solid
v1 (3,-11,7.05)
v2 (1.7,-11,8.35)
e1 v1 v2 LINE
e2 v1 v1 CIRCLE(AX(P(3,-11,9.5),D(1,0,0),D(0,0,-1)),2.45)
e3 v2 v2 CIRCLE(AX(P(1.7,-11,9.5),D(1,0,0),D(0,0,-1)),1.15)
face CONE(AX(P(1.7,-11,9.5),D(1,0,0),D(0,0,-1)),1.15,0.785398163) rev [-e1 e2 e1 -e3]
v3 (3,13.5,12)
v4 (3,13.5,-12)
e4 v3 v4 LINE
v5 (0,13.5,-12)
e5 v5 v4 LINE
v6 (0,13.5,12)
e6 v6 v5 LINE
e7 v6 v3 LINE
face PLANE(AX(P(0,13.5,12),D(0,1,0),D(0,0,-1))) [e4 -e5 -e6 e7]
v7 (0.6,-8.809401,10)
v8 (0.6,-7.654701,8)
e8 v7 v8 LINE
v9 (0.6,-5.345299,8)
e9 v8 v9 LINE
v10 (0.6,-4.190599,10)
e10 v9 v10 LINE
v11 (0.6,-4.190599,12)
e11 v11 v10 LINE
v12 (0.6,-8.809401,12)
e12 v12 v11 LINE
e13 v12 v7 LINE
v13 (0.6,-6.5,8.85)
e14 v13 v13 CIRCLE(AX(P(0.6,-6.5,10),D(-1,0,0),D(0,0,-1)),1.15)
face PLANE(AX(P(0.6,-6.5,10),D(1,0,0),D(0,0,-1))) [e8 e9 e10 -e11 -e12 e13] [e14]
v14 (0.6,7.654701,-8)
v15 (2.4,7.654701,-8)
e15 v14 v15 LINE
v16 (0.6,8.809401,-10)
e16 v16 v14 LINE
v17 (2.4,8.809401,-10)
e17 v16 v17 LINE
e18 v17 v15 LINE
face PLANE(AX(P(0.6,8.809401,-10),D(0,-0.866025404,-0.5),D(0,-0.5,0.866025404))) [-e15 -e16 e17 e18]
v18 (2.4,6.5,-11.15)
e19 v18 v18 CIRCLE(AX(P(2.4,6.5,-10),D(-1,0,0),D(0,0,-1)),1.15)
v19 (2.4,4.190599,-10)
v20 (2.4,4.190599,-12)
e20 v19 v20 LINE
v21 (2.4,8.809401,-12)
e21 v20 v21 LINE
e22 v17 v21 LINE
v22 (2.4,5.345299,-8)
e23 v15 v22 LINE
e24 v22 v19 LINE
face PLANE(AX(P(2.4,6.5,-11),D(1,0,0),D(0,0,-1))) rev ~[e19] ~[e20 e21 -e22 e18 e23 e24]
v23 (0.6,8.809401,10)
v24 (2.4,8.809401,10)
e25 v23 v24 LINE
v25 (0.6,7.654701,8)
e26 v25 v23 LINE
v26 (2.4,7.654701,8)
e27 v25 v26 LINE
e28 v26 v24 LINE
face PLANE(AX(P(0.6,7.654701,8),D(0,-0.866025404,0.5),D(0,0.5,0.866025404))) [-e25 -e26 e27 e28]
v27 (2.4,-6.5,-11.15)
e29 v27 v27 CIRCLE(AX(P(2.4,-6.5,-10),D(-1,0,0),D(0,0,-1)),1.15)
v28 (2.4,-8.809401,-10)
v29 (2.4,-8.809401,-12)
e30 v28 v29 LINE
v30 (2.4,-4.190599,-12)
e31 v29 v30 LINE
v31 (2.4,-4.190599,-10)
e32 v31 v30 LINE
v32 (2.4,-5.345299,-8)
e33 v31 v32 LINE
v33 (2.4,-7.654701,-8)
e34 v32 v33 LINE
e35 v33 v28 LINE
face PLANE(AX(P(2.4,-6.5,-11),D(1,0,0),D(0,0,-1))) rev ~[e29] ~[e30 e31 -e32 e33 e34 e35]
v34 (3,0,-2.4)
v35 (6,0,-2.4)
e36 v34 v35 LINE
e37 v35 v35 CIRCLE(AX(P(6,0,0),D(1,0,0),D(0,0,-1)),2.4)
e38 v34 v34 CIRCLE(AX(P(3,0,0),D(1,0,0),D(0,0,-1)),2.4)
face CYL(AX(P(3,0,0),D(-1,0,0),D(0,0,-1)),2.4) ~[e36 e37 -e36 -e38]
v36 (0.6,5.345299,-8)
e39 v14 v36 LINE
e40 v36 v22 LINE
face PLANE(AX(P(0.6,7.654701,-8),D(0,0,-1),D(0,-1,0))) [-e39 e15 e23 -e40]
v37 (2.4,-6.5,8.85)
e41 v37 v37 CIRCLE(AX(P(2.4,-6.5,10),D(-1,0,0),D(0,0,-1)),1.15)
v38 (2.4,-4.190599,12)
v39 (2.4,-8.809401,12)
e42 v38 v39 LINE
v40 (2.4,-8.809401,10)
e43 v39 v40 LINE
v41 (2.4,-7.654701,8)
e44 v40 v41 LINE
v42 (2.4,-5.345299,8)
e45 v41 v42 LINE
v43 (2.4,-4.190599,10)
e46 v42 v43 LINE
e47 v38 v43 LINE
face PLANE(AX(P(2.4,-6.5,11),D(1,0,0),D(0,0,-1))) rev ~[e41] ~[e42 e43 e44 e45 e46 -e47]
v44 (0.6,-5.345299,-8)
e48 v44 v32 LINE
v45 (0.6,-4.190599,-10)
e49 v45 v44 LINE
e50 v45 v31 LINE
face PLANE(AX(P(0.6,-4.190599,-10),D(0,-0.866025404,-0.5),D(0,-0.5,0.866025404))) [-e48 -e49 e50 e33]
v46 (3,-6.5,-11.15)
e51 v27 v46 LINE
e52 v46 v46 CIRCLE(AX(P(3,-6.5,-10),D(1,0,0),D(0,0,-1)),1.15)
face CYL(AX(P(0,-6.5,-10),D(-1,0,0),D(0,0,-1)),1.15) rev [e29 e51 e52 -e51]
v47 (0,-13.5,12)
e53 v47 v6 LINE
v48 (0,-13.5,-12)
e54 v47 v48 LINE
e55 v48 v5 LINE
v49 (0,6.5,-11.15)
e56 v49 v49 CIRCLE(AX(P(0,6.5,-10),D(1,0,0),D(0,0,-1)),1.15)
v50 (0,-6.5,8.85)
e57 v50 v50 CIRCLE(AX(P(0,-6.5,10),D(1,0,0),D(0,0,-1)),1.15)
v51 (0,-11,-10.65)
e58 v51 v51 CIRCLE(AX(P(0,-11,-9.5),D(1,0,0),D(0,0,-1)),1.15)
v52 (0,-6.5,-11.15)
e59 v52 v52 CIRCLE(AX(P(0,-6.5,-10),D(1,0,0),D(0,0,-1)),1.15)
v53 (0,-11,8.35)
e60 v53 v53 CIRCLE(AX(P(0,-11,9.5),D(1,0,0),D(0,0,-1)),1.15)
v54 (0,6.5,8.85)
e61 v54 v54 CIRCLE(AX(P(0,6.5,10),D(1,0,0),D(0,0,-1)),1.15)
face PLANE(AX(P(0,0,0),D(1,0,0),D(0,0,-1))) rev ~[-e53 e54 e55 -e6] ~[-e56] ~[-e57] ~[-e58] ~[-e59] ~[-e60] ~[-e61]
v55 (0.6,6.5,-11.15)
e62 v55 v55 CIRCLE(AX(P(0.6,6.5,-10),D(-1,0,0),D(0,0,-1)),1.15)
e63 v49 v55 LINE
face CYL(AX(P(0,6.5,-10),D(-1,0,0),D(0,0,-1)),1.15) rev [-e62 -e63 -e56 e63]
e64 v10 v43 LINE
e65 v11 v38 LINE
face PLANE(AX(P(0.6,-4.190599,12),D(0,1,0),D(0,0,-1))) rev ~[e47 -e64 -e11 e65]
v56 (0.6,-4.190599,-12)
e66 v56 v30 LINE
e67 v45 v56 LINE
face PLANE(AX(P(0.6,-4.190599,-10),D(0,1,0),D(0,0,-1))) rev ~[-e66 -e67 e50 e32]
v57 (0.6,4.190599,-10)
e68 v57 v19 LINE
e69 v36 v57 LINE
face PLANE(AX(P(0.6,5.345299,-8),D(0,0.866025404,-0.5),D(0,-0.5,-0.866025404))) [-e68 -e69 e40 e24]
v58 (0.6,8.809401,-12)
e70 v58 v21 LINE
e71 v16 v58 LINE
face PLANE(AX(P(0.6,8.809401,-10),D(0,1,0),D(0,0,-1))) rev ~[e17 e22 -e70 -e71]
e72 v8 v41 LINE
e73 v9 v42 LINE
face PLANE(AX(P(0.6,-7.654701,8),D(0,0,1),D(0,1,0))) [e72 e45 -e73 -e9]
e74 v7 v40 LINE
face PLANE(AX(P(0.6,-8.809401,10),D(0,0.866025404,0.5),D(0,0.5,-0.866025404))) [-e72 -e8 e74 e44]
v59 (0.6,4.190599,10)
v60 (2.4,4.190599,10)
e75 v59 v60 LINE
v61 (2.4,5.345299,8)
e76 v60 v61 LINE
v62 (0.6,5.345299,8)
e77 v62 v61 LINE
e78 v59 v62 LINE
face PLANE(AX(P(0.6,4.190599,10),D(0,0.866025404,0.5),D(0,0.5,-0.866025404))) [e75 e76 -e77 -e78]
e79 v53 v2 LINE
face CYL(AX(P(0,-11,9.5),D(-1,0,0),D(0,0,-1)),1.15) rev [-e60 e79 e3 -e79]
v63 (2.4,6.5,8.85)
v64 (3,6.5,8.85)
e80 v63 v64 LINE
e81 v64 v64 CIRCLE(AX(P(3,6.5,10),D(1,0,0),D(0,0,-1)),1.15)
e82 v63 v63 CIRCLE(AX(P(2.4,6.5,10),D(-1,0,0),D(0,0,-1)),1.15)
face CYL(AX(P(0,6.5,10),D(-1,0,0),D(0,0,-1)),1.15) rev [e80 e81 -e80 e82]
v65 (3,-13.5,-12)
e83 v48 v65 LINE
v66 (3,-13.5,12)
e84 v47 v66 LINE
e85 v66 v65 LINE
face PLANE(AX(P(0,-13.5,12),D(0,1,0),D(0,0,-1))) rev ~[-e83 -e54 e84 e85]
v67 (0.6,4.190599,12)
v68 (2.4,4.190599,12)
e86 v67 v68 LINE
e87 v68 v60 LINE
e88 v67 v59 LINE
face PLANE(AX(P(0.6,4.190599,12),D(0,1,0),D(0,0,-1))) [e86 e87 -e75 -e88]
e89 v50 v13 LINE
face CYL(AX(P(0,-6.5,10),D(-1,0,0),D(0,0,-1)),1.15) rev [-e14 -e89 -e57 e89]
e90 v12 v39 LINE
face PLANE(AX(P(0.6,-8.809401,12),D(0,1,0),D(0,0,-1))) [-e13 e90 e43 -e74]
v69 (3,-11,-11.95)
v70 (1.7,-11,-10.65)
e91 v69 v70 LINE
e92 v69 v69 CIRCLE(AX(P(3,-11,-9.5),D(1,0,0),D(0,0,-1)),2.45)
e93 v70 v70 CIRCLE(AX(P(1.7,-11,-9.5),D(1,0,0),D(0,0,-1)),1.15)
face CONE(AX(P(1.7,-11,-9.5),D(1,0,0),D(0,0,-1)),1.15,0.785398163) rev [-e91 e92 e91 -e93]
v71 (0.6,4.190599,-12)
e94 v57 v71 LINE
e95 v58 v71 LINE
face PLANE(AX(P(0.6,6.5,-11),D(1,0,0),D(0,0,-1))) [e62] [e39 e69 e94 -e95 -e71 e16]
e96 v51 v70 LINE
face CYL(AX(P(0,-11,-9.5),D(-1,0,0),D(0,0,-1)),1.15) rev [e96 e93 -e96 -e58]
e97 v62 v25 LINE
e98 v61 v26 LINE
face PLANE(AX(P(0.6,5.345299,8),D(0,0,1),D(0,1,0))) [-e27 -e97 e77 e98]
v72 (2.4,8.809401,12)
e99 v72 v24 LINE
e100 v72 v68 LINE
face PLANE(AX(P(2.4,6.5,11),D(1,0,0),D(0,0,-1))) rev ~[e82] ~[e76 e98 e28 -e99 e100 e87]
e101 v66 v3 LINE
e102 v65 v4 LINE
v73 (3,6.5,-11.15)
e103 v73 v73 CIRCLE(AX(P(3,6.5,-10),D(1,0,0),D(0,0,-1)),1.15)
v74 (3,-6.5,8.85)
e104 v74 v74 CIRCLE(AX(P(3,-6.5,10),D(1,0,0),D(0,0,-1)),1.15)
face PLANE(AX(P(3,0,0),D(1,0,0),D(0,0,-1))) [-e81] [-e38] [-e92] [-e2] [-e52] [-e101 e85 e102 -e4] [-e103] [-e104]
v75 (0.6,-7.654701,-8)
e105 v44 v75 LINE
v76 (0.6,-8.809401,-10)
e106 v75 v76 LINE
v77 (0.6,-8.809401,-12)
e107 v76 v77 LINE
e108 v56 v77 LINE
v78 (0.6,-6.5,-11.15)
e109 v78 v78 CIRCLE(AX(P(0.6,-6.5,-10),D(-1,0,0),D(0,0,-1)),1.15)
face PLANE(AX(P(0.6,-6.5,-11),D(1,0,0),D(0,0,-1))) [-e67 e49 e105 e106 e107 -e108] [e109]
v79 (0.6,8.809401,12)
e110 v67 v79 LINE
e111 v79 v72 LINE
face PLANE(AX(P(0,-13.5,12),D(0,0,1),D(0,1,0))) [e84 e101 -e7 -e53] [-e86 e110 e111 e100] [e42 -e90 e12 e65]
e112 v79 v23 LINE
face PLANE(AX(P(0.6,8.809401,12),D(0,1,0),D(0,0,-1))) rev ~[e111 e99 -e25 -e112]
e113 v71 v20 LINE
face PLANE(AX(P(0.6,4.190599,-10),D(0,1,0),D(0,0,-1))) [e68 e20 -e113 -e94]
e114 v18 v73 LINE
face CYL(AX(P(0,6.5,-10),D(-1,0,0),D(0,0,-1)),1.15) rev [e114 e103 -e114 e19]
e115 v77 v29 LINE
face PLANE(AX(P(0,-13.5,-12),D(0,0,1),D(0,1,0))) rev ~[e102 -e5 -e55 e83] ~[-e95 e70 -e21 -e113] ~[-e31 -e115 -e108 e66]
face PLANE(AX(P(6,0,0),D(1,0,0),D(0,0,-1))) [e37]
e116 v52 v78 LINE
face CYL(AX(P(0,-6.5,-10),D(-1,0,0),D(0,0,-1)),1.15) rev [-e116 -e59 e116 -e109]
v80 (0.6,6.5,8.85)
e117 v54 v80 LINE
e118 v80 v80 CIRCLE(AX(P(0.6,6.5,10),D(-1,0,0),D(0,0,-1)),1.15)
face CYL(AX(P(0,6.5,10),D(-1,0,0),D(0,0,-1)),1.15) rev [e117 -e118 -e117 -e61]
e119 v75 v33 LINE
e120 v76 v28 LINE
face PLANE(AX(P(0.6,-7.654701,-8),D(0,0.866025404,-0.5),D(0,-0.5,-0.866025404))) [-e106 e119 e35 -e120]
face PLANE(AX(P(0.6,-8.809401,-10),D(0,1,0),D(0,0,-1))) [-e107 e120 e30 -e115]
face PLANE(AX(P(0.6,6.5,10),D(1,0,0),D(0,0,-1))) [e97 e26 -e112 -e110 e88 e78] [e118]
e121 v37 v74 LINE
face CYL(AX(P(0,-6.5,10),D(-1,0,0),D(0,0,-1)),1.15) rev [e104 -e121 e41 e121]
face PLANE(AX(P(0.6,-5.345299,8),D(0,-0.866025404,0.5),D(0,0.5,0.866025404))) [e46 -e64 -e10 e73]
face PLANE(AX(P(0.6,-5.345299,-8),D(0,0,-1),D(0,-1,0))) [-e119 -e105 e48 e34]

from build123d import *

# Parameters (mm, degrees)
SKETCH1_W           = 24
SKETCH1_H           = 27
SKETCH1_R           = 1.15
BOSS_EXTRUDE1_DEPTH = 3
SKETCH2_R           = 2.4
BOSS_EXTRUDE2_DEPTH = 3
CHAMFER1_SIZE       = 1.3
SKETCH3_R           = 1.15
CUT_EXTRUDE1_DEPTH  = 3
CUT_EXTRUDE2_START  = 0.6
CUT_EXTRUDE2_DEPTH  = 1.8
SKETCH5_W           = 2
SKETCH5_H           = 4.618802154
CUT_EXTRUDE3_DEPTH  = 1.8


with BuildPart() as part:
    # Sketch1 → Boss-Extrude1 (new body)
    with BuildSketch(Plane(origin=(0, 0, 0), x_dir=(0, 0, -1), z_dir=(1, 0, 0))):
        Rectangle(SKETCH1_W, SKETCH1_H)
        with Locations((-9.5, -11)):
            Circle(SKETCH1_R, mode=Mode.SUBTRACT)
        with Locations((9.5, -11)):
            Circle(SKETCH1_R, mode=Mode.SUBTRACT)
    extrude(amount=BOSS_EXTRUDE1_DEPTH)

    # Sketch2 → Boss-Extrude2 (add)
    with BuildSketch(Plane(origin=(3, 0, 0), x_dir=(0, 0, -1), z_dir=(1, 0, 0))):
        Circle(SKETCH2_R)
    extrude(amount=BOSS_EXTRUDE2_DEPTH)

    # Chamfer1
    chamfer1_edges = [part.edges().sort_by_distance(p)[0] for p in [
        (3, -11, 10.65),
        (3, -11, -8.35),
    ]]
    chamfer(chamfer1_edges, length=CHAMFER1_SIZE)

    # Sketch3 → Cut-Extrude1 (cut)
    with BuildSketch(Plane(origin=(0, 0, 0), x_dir=(0, 0, -1), z_dir=(1, 0, 0))):
        with Locations((-10, 6.5)):
            Circle(SKETCH3_R)
        with Locations((-10, -6.5)):
            Circle(SKETCH3_R)
        with Locations((10, -6.5)):
            Circle(SKETCH3_R)
        with Locations((10, 6.5)):
            Circle(SKETCH3_R)
    extrude(amount=CUT_EXTRUDE1_DEPTH, mode=Mode.SUBTRACT)

    # Sketch4 → Cut-Extrude2 (cut)
    with BuildSketch(Plane(origin=(0, 0, 0), x_dir=(0, 0, -1), z_dir=(1, 0, 0)).offset(CUT_EXTRUDE2_START)):
        Polygon((-10, 4.190598923), (-8, 5.345299462), (-8, 7.654700538), (-10, 8.809401077), (-12, 7.654700538), (-12, 5.345299462), align=None)
        Polygon((-10, -4.190598923), (-12, -5.345299462), (-12, -7.654700538), (-10, -8.809401077), (-8, -7.654700538), (-8, -5.345299462), align=None)
        Polygon((10, -4.190598923), (8, -5.345299462), (8, -7.654700538), (10, -8.809401077), (12, -7.654700538), (12, -5.345299462), align=None)
        Polygon((10, 8.809401077), (8, 7.654700538), (8, 5.345299462), (10, 4.190598923), (12, 5.345299462), (12, 7.654700538), align=None)
    extrude(amount=CUT_EXTRUDE2_DEPTH, mode=Mode.SUBTRACT)

    # Sketch5 → Cut-Extrude3 (cut)
    with BuildSketch(Plane(origin=(0.6, 0, 0), x_dir=(0, 0, -1), z_dir=(1, 0, 0))):
        with Locations((-11, 6.5)):
            Rectangle(SKETCH5_W, SKETCH5_H)
        with Locations((-11, -6.5)):
            Rectangle(SKETCH5_W, SKETCH5_H)
        with Locations((11, 6.5)):
            Rectangle(SKETCH5_W, SKETCH5_H)
        with Locations((11, -6.5)):
            Rectangle(SKETCH5_W, SKETCH5_H)
    extrude(amount=CUT_EXTRUDE3_DEPTH, mode=Mode.SUBTRACT)


solid = part.part
